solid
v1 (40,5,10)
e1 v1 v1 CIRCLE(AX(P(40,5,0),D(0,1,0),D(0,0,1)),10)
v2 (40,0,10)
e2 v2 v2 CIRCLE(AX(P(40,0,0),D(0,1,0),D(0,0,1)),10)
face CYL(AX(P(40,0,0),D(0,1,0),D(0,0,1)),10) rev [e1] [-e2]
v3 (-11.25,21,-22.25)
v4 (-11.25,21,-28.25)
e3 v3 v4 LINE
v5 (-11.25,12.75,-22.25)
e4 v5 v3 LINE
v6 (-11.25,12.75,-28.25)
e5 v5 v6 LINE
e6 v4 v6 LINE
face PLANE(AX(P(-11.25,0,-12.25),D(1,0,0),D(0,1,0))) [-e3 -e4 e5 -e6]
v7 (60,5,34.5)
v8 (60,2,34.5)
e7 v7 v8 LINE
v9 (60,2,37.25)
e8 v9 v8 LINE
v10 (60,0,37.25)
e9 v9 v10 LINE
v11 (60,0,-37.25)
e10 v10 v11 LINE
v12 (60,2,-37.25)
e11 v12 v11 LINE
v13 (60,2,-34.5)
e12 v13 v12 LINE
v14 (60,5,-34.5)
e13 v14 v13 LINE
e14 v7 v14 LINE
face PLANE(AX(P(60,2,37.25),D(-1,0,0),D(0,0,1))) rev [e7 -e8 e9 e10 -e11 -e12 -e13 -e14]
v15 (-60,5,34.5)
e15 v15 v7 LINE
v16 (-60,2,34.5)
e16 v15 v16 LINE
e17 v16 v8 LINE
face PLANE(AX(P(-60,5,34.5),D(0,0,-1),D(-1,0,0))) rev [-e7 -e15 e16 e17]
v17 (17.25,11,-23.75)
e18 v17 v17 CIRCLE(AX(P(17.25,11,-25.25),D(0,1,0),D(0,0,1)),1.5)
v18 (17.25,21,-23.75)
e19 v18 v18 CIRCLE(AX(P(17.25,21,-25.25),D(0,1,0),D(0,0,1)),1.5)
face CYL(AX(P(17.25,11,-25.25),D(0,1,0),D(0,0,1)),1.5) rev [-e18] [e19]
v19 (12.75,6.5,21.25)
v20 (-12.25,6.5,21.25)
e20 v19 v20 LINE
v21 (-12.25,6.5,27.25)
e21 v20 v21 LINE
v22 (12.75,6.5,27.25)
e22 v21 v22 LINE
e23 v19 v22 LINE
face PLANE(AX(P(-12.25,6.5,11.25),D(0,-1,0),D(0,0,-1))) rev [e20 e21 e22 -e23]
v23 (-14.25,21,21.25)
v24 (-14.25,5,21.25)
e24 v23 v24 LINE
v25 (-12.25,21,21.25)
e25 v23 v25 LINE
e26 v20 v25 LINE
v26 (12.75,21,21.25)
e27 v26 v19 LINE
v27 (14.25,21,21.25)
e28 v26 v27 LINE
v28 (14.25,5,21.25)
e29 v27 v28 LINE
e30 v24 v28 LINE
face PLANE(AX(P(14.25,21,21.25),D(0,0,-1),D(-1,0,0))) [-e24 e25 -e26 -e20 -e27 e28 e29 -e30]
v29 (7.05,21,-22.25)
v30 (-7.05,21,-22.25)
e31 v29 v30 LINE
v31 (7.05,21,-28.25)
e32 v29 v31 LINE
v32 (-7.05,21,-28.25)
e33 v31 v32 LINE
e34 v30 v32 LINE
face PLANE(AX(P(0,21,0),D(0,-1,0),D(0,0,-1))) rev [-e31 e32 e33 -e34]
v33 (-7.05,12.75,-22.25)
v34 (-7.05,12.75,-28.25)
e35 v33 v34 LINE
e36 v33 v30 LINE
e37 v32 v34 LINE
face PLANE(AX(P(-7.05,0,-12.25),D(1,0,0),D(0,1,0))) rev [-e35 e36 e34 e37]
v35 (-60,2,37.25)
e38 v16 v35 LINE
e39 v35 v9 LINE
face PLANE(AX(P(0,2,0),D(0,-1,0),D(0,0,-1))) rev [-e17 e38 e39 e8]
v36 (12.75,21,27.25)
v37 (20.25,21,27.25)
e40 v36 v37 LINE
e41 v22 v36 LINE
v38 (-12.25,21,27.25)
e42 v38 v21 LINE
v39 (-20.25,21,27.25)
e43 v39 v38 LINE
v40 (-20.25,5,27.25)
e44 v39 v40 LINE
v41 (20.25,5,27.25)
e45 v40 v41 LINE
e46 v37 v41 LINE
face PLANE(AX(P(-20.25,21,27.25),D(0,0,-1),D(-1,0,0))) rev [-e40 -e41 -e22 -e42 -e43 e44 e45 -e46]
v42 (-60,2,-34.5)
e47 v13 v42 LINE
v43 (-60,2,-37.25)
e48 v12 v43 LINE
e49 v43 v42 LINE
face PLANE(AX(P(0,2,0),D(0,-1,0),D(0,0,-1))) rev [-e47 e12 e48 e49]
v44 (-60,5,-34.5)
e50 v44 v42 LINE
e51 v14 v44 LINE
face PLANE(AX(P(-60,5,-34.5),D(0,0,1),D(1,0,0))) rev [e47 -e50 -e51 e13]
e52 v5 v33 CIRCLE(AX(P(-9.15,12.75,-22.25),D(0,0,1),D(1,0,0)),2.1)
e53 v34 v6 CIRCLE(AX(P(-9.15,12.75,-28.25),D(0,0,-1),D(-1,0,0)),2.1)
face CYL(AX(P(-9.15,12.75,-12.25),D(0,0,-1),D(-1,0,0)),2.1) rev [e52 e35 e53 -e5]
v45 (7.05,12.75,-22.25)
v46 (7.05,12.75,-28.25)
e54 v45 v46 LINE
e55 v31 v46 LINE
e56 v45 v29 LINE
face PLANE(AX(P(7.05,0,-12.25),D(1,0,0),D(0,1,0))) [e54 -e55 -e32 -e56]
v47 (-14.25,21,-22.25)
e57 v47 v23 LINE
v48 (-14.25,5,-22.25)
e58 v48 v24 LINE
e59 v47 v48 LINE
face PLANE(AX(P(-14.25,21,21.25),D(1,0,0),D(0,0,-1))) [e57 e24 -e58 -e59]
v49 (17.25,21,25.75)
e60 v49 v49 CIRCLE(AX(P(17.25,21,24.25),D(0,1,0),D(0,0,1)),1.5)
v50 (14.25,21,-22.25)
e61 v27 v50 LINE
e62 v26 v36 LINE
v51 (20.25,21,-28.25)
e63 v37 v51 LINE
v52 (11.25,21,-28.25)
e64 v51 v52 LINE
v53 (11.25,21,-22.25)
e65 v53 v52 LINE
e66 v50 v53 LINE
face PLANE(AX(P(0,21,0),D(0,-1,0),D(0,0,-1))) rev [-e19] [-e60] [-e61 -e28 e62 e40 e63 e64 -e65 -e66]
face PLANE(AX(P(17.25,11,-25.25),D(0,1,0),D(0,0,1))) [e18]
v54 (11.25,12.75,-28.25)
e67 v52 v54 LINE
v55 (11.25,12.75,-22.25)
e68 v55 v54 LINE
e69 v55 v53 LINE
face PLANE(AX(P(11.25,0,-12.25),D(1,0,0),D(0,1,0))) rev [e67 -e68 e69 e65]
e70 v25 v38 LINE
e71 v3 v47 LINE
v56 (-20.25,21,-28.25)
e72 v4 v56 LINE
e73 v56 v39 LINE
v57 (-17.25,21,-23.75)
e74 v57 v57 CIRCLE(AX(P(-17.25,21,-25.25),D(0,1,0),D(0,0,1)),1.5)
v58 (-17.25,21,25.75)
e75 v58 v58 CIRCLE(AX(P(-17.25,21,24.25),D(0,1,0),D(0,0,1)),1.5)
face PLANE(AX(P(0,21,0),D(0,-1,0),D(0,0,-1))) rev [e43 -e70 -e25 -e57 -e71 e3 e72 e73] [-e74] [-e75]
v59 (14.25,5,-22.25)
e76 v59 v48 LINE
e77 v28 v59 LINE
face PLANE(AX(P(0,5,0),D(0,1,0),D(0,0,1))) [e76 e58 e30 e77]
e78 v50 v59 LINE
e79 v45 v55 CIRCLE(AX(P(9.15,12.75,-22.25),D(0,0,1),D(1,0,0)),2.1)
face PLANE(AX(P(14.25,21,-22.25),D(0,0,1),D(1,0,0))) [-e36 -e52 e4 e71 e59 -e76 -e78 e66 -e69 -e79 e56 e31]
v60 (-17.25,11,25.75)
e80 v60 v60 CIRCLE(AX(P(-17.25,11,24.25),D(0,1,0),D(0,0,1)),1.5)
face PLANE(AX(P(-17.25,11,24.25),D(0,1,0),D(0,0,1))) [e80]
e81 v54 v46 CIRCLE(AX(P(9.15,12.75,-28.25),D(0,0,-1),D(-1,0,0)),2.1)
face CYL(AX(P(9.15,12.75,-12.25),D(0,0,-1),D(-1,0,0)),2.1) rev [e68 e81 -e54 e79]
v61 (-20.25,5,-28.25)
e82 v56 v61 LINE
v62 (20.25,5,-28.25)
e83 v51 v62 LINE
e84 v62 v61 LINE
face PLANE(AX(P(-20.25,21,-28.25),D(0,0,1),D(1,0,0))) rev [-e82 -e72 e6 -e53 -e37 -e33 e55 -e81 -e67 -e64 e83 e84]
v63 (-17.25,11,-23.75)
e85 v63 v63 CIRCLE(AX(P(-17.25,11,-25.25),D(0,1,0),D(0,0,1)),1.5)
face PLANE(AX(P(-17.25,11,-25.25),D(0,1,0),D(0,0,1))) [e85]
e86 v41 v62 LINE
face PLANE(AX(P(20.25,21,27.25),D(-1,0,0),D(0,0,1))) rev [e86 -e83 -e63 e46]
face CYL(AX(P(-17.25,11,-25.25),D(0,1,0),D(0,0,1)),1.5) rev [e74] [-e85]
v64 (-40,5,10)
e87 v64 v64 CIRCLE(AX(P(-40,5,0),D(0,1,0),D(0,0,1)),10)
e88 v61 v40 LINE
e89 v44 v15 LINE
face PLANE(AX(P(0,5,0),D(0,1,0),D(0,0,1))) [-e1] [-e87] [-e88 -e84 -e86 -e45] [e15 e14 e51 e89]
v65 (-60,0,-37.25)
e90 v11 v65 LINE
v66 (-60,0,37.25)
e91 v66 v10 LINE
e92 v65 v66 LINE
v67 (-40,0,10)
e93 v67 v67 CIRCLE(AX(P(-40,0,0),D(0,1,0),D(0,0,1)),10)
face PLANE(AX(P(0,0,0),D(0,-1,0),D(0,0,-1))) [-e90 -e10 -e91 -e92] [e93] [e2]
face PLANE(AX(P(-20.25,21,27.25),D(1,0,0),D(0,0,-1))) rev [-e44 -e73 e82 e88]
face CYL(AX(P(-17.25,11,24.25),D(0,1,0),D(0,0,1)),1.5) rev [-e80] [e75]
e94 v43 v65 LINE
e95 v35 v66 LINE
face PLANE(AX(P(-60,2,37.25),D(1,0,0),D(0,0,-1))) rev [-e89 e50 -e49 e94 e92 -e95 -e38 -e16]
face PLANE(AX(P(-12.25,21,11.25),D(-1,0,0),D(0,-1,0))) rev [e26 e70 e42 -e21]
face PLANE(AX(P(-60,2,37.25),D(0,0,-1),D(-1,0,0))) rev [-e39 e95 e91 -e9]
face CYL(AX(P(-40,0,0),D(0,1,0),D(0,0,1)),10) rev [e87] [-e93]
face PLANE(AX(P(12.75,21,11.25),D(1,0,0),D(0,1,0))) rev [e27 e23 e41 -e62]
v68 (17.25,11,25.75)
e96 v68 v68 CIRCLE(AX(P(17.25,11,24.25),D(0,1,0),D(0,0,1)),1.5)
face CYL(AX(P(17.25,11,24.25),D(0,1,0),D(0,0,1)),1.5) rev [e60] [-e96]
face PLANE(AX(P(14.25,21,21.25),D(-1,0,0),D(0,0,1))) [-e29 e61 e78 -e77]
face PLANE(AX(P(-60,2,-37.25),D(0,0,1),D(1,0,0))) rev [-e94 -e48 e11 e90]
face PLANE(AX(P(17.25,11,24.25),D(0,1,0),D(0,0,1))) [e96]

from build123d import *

# Parameters (mm, degrees)
SKETCH1_W               = 120
SKETCH1_H               = 74.5
BOSS_EXTRUDE1_DEPTH     = 2
SKETCH2_W               = 120
SKETCH2_H               = 69
BOSS_EXTRUDE2_DEPTH     = 3
SKETCH3_W               = 40.5
SKETCH3_H               = 55.5
SKETCH3_W_2             = 28.5
SKETCH3_H_2             = 43.5
BOSS_EXTRUDE3_DEPTH     = 16
SKETCH4_W               = 25
SKETCH4_H               = 14.5
CUT_EXTRUDE1_DEPTH      = 16
CUT_EXTRUDE2_DEPTH      = 16
SKETCH6_R               = 1.5
CUT_EXTRUDE3_DEPTH      = 10
SKETCH7_R               = 10
CUT_EXTRUDE4_DEPTH      = 17
CUT_EXTRUDE4_DEPTH_BACK = 6


with BuildPart() as part:
    # Sketch1 → Boss-Extrude1 (new body)
    with BuildSketch(Plane(origin=(0, 0, 0), x_dir=(1, 0, 0), z_dir=(0, 1, 0))):
        Rectangle(SKETCH1_W, SKETCH1_H)
    extrude(amount=BOSS_EXTRUDE1_DEPTH)

    # Sketch2 → Boss-Extrude2 (add)
    with BuildSketch(Plane(origin=(0, 2, 0), x_dir=(1, 0, 0), z_dir=(0, 1, 0))):
        Rectangle(SKETCH2_W, SKETCH2_H)
    extrude(amount=BOSS_EXTRUDE2_DEPTH)

    # Sketch3 → Boss-Extrude3 (add)
    with BuildSketch(Plane(origin=(0, 5, 0), x_dir=(1, 0, 0), z_dir=(0, 1, 0))):
        with Locations((0, 0.5)):
            Rectangle(SKETCH3_W, SKETCH3_H)
        with Locations((0, 0.5)):
            Rectangle(SKETCH3_W_2, SKETCH3_H_2, mode=Mode.SUBTRACT)
    extrude(amount=BOSS_EXTRUDE3_DEPTH)

    # Sketch4 → Cut-Extrude1 (cut)
    with BuildSketch(Plane.XY.offset(27.25)):
        with Locations((0.25, 13.75)):
            Rectangle(SKETCH4_W, SKETCH4_H)
    extrude(amount=-CUT_EXTRUDE1_DEPTH, mode=Mode.SUBTRACT)

    # Sketch5 → Cut-Extrude2 (cut)
    with BuildSketch(Plane(origin=(0, 0, -28.25), x_dir=(-1, 0, 0), z_dir=(0, 0, -1))):
        with BuildLine():
            Line((-7.05, 21), (-11.25, 21))
            Line((-11.25, 21), (-11.25, 12.75))
            ThreePointArc((-11.25, 12.75), (-9.15, 14.85), (-7.05, 12.75))
            Line((-7.05, 12.75), (-7.05, 21))
        make_face()
        with BuildLine():
            ThreePointArc((-7.05, 12.75), (-9.15, 14.85), (-11.25, 12.75))
            Line((-11.25, 12.75), (-7.05, 12.75))
        make_face()
        with BuildLine():
            Line((-7.05, 12.75), (-11.25, 12.75))
            ThreePointArc((-11.25, 12.75), (-9.15, 10.65), (-7.05, 12.75))
        make_face()
        with BuildLine():
            ThreePointArc((11.25, 12.75), (9.15, 14.85), (7.05, 12.75))
            Line((7.05, 12.75), (11.25, 12.75))
        make_face()
        with BuildLine():
            Line((11.25, 12.75), (7.05, 12.75))
            ThreePointArc((7.05, 12.75), (9.15, 10.65), (11.25, 12.75))
        make_face()
        with BuildLine():
            Line((11.25, 21), (7.05, 21))
            Line((7.05, 21), (7.05, 12.75))
            ThreePointArc((7.05, 12.75), (9.15, 14.85), (11.25, 12.75))
            Line((11.25, 12.75), (11.25, 21))
        make_face()
    extrude(amount=-CUT_EXTRUDE2_DEPTH, mode=Mode.SUBTRACT)

    # Sketch6 → Cut-Extrude3 (cut)
    with BuildSketch(Plane(origin=(0, 21, 0), x_dir=(1, 0, 0), z_dir=(0, 1, 0))):
        with Locations((17.25, 25.25)):
            Circle(SKETCH6_R)
        with Locations((17.25, -24.25)):
            Circle(SKETCH6_R)
        with Locations((-17.25, -24.25)):
            Circle(SKETCH6_R)
        with Locations((-17.25, 25.25)):
            Circle(SKETCH6_R)
    extrude(amount=-CUT_EXTRUDE3_DEPTH, mode=Mode.SUBTRACT)

    # Sketch7 → Cut-Extrude4 (cut, two sides)
    with BuildSketch(Plane(origin=(0, 5, 0), x_dir=(1, 0, 0), z_dir=(0, 1, 0))) as cut_extrude4_sk:
        with Locations((-40, 0)):
            Circle(SKETCH7_R)
        with Locations((40, 0)):
            Circle(SKETCH7_R)
    extrude(amount=CUT_EXTRUDE4_DEPTH, mode=Mode.SUBTRACT)
    extrude(cut_extrude4_sk.sketch, amount=-CUT_EXTRUDE4_DEPTH_BACK, mode=Mode.SUBTRACT)


solid = part.part
